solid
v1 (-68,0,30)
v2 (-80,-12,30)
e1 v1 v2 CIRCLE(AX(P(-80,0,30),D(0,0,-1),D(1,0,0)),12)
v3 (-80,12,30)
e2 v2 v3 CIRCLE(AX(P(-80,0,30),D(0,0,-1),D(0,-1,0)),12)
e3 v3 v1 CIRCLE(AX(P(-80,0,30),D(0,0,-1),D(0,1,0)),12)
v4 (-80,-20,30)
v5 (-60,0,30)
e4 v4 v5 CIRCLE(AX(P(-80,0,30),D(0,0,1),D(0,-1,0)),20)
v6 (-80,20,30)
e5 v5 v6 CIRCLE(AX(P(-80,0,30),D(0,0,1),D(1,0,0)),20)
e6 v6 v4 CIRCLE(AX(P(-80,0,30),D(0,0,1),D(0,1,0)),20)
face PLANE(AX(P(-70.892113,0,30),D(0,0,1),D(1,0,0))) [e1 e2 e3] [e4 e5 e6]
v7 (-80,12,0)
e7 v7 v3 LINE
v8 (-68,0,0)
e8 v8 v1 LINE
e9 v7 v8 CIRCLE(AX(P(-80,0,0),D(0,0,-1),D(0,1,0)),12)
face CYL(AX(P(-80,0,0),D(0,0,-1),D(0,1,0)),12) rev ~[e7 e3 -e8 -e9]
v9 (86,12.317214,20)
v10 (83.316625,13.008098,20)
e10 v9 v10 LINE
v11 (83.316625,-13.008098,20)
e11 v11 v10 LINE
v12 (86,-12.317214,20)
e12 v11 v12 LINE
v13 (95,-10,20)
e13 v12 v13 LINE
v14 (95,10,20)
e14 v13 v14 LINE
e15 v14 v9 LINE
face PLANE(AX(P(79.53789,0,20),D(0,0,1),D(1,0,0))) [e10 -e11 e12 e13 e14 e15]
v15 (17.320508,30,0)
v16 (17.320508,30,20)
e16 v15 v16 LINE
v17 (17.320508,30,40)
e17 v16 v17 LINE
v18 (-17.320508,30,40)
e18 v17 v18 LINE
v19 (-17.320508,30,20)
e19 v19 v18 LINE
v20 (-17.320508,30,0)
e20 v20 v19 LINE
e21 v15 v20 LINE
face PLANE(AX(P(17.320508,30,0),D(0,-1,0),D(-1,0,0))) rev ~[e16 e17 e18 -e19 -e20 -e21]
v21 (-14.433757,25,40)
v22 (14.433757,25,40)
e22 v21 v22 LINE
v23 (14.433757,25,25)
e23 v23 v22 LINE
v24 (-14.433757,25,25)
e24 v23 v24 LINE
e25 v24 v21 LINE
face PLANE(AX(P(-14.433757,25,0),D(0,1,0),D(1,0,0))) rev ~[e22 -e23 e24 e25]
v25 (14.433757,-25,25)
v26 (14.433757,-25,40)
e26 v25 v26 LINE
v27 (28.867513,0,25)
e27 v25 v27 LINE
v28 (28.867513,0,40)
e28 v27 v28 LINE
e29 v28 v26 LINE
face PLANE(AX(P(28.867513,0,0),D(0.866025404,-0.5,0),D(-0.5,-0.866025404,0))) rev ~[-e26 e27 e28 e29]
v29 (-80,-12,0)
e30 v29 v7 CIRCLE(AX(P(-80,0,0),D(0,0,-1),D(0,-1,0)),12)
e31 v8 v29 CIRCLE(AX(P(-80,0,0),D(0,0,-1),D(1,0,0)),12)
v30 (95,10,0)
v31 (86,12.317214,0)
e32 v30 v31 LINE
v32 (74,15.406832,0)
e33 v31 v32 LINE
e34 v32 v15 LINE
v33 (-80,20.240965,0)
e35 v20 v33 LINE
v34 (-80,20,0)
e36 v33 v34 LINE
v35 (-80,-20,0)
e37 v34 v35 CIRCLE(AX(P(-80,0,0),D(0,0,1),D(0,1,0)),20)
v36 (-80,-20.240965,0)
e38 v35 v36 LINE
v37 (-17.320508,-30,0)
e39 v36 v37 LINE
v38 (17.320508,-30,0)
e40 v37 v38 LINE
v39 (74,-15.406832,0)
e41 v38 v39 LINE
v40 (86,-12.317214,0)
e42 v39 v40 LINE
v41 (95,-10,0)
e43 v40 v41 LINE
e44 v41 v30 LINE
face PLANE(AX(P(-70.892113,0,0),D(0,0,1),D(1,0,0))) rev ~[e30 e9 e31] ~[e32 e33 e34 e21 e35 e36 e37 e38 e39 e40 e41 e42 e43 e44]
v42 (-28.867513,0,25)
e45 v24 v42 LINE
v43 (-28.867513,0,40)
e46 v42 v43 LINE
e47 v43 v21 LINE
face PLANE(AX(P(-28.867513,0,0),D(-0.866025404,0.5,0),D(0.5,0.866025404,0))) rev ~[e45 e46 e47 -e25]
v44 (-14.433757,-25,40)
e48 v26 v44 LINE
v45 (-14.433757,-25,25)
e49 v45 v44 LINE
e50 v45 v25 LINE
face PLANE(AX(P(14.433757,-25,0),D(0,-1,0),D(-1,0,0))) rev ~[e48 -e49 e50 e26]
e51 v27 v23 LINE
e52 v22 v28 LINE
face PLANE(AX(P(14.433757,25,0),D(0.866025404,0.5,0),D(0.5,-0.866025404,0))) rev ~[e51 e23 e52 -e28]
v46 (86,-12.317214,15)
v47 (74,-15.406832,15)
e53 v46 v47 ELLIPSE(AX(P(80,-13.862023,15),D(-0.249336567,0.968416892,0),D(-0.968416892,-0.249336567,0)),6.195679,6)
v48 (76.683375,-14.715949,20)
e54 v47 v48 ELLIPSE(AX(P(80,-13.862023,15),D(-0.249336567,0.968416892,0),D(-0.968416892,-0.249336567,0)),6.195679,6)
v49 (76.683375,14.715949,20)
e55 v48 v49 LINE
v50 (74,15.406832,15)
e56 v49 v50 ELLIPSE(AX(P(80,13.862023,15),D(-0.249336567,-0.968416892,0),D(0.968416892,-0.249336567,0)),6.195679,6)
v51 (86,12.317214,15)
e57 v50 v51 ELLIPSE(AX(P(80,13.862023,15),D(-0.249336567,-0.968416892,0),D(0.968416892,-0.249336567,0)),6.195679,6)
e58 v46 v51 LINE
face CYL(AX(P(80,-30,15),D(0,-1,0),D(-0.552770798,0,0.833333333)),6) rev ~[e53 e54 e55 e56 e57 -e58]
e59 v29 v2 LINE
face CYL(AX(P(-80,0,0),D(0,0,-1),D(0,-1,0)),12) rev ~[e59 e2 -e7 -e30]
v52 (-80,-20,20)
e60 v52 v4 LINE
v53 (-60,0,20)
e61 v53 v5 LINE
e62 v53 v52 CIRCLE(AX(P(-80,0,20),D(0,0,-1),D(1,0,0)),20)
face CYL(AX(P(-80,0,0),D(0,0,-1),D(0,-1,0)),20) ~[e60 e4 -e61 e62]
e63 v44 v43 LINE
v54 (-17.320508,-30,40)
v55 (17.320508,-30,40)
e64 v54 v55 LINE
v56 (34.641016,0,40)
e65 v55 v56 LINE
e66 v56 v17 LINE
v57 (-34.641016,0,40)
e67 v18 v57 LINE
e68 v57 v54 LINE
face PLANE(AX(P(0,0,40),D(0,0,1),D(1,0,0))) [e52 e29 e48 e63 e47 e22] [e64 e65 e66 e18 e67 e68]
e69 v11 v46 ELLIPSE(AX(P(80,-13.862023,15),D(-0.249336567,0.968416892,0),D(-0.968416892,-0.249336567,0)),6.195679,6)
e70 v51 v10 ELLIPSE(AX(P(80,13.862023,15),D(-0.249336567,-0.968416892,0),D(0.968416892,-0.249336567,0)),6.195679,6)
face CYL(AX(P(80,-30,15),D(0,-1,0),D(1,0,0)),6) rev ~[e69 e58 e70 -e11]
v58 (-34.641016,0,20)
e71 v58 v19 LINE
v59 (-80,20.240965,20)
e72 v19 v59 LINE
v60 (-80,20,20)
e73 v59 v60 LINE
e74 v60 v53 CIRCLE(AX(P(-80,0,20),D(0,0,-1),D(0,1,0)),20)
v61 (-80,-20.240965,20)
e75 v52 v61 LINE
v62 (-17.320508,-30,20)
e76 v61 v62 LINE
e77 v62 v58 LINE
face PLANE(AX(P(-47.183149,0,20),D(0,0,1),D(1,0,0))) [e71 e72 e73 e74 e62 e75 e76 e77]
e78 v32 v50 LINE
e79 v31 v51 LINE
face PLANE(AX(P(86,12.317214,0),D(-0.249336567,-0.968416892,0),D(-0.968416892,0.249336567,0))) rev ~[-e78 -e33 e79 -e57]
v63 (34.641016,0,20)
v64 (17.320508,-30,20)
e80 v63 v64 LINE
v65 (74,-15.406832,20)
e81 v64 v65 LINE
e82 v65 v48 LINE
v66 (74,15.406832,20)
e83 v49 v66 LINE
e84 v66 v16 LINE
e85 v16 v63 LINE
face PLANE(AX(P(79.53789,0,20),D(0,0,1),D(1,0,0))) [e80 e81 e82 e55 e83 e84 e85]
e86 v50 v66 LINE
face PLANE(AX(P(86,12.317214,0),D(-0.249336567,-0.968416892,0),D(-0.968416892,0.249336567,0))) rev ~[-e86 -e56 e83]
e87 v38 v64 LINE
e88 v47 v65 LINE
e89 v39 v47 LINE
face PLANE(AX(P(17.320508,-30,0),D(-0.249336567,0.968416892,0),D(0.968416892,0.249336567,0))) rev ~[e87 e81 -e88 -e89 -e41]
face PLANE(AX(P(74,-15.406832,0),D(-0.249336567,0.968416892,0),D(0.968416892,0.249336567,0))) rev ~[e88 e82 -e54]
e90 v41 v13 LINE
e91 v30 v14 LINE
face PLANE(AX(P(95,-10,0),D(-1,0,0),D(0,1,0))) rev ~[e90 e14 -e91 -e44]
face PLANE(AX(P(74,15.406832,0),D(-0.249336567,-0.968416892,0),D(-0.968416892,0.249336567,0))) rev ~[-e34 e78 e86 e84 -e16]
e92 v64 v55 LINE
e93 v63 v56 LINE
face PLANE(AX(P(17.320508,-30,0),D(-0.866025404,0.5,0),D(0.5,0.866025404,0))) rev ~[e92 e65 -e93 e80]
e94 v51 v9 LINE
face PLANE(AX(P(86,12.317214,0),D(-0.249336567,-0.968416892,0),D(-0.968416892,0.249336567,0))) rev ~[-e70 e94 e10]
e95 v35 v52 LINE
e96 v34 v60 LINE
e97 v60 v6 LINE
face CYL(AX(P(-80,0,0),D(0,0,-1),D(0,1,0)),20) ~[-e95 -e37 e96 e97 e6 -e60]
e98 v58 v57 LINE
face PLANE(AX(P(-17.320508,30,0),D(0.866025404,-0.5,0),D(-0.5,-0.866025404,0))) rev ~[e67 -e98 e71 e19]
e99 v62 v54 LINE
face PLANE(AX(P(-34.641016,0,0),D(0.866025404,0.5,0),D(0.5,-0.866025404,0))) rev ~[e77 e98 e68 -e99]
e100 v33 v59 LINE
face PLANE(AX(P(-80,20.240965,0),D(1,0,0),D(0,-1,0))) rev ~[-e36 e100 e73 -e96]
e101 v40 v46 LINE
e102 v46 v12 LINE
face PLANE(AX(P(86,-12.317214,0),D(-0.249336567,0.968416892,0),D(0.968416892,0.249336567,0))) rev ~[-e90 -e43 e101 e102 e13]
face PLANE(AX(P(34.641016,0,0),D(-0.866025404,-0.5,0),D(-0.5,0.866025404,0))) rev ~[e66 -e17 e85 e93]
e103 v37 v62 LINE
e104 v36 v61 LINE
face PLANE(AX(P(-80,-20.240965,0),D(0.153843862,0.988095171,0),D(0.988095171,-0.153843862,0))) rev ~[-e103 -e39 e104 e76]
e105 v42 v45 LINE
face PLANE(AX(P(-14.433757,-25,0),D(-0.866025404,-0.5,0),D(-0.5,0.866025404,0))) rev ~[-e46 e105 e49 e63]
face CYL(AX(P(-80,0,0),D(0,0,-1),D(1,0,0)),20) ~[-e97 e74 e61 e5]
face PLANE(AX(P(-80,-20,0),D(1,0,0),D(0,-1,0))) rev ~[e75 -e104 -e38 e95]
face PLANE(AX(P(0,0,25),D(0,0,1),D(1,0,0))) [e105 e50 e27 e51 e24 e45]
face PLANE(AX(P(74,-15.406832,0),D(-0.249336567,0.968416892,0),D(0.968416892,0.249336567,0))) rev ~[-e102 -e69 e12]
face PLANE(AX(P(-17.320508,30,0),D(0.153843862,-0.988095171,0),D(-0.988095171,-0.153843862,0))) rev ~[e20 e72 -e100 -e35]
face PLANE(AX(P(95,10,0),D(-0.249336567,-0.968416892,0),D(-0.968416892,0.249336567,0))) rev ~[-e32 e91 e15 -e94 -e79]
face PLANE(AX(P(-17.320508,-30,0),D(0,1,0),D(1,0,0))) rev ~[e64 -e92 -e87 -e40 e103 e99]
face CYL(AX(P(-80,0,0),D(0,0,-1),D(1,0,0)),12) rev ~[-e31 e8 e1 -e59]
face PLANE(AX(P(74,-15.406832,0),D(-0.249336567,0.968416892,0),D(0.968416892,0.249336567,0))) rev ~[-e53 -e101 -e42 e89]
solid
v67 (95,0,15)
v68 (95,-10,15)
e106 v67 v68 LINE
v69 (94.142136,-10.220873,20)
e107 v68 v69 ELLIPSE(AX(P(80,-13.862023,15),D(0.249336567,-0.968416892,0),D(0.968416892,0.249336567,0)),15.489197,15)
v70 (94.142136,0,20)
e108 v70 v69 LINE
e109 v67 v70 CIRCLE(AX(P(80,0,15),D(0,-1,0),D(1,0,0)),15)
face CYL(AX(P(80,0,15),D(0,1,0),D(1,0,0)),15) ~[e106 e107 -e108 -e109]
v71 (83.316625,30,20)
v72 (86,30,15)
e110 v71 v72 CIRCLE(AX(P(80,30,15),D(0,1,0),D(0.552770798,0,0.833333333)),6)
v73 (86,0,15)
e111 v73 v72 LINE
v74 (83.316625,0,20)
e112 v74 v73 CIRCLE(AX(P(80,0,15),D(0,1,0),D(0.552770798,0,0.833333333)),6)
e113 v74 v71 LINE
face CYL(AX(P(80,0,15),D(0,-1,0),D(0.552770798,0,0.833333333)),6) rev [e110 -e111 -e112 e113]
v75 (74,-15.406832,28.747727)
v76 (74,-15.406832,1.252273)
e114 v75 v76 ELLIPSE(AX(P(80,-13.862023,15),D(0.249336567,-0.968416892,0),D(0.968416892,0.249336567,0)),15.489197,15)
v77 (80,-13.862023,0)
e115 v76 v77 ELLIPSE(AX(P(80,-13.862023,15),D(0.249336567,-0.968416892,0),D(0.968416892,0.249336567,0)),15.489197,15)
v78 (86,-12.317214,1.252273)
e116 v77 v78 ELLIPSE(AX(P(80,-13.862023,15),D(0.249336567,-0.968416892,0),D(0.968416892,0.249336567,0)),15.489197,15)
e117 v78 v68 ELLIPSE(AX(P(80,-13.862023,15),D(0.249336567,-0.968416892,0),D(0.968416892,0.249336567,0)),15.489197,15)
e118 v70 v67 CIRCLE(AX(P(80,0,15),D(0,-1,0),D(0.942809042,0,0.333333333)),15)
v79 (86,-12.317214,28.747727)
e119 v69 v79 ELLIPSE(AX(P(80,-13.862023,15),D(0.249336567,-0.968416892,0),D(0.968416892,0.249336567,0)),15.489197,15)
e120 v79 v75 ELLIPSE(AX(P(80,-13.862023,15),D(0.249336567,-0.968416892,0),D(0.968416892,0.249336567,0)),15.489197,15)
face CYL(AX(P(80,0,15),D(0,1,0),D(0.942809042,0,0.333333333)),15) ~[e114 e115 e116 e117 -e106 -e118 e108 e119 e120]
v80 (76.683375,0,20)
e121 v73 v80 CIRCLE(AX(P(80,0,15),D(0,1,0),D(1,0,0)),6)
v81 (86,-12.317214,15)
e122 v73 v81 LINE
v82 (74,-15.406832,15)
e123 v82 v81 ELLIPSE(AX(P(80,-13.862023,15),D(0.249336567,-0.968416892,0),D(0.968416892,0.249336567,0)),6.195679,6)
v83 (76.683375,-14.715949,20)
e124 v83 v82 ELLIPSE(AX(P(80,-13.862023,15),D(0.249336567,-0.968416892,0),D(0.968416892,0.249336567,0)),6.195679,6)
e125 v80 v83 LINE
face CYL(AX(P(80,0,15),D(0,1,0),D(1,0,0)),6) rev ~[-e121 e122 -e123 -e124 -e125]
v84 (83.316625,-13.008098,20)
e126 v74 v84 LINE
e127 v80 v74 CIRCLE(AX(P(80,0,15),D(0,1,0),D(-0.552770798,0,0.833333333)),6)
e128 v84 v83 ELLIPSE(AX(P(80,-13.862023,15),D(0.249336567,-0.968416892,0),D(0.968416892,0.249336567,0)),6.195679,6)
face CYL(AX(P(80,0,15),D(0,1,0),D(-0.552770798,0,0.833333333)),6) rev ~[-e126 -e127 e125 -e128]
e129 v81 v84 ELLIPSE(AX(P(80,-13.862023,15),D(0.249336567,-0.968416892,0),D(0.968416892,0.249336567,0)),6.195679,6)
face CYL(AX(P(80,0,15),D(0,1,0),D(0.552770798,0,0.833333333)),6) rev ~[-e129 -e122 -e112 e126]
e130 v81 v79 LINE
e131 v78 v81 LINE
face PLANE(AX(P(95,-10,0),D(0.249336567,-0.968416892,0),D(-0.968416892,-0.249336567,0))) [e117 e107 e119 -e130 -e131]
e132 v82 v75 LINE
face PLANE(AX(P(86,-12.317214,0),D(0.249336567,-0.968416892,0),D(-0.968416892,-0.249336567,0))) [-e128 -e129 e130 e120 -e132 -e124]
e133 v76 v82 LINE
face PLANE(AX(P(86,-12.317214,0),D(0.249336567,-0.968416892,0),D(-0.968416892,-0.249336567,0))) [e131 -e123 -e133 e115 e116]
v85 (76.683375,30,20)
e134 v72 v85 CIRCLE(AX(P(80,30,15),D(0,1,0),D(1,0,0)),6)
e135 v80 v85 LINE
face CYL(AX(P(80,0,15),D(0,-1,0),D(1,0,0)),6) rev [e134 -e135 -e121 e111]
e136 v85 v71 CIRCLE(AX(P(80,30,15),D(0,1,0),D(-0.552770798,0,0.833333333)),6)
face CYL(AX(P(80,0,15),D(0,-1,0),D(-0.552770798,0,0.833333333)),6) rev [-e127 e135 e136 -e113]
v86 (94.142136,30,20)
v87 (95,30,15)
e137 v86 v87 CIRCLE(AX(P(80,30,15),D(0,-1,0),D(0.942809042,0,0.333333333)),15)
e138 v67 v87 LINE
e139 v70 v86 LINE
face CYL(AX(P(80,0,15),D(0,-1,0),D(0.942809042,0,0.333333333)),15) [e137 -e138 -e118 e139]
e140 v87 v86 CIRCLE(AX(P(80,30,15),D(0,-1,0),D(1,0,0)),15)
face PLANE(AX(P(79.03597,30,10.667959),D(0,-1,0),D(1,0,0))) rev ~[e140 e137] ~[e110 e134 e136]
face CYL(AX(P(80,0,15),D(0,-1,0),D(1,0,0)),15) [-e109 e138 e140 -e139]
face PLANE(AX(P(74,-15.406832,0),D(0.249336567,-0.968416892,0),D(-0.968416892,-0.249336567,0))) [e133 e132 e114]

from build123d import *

# Parameters (mm, degrees)
F1_DEPTH      = 40
F2_DEPTH      = 25
F3_DEPTH      = 20
F4_DEPTH      = 20
F5_DEPTH      = 30
F7_DEPTH      = 30
F7_DEPTH_BACK = 30
F9_DEPTH      = 70.8
F11_DEPTH     = 43.2


with BuildPart() as f1:
    # F0 (on Top) → F1 (new body)
    with BuildSketch(Plane.XY):
        Polygon((17.3205080757, 30), (-17.3205080757, 30), (-34.6410161514, 0), (-17.3205080757, -30), (0, -30), (17.3205080757, -30), (34.6410161514, 0), align=None)
        Polygon((-28.8675134595, 0), (-14.4337567297, 25), (14.4337567297, 25), (28.8675134595, 0), (14.4337567297, -25), (-14.4337567297, -25), align=None, mode=Mode.SUBTRACT)
    extrude(amount=F1_DEPTH)

    # F0 (on Top) → F2 (join)
    with BuildSketch(Plane.XY):
        Polygon((14.4337567297, 25), (-14.4337567297, 25), (-28.8675134595, 0), (-14.4337567297, -25), (14.4337567297, -25), (28.8675134595, 0), align=None)
    extrude(amount=F2_DEPTH)

    # F0 (on Top) → F3 (join)
    with BuildSketch(Plane.XY):
        Polygon((74, 15.4068324804), (17.3205080757, 30), (34.6410161514, 0), (17.3205080757, -30), (74, -15.4068324804), (74, -10), (74, 10), align=None)
        with BuildLine():
            Line((-34.6410161514, 0), (-17.3205080757, 30))
            Line((-17.3205080757, 30), (-80, 20.240965239))
            Line((-80, 20.240965239), (-80, 20))
            ThreePointArc((-80, 20), (-65.8578643763, 14.1421356237), (-60, 0))
            ThreePointArc((-60, 0), (-65.8578643763, -14.1421356237), (-80, -20))
            Line((-80, -20), (-80, -20.240965239))
            Line((-80, -20.240965239), (-17.3205080757, -30))
            Line((-17.3205080757, -30), (-34.6410161514, 0))
        make_face()
    extrude(amount=F3_DEPTH)

    # F0 (on Top) → F4 (join)
    with BuildSketch(Plane.XY):
        Polygon((86, 12.3172139202), (74, 15.4068324804), (74, 10), (74, -10), (74, -15.4068324804), (86, -12.3172139202), (86, -10), (86, 10), align=None)
        Polygon((95, 10), (86, 12.3172139202), (86, 10), (86, -10), (86, -12.3172139202), (95, -10), align=None)
    extrude(amount=F4_DEPTH)

    # F0 (on Top) → F5 (join)
    with BuildSketch(Plane.XY):
        with BuildLine():
            ThreePointArc((-60, 0), (-65.8578643763, 14.1421356237), (-80, 20))
            Line((-80, 20), (-80, 12))
            ThreePointArc((-80, 12), (-71.5147186258, 8.4852813742), (-68, 0))
            ThreePointArc((-68, 0), (-71.5147186258, -8.4852813742), (-80, -12))
            Line((-80, -12), (-80, -20))
            ThreePointArc((-80, -20), (-65.8578643763, -14.1421356237), (-60, 0))
        make_face()
        with BuildLine():
            Line((-80, 12), (-80, 20))
            ThreePointArc((-80, 20), (-100, 0), (-80, -20))
            Line((-80, -20), (-80, -12))
            ThreePointArc((-80, -12), (-92, 0), (-80, 12))
        make_face()
    extrude(amount=F5_DEPTH)

    # F8 (on face) → F9 (cut)
    with BuildSketch(Plane.XZ.offset(30)):
        with BuildLine():
            Line((83.3166247904, 20), (76.6833752096, 20))
            ThreePointArc((76.6833752096, 20), (77.1627256691, 9.7132359263), (86, 15))
            ThreePointArc((86, 15), (85.2867640737, 17.8372743309), (83.3166247904, 20))
        make_face()
    extrude(amount=-F9_DEPTH, mode=Mode.SUBTRACT)


with BuildPart() as f7:
    # F6 (on Front) → F7 (new body, two sides)
    with BuildSketch(Plane.XZ) as f7_sk:
        with BuildLine():
            ThreePointArc((65.8578643763, 20), (67.7525512861, 6.3397459622), (80, 0))
            ThreePointArc((80, 0), (90.6066017178, 4.3933982822), (95, 15))
            Line((95, 15), (86, 15))
            ThreePointArc((86, 15), (77.1627256691, 9.7132359263), (76.6833752096, 20))
            Line((76.6833752096, 20), (65.8578643763, 20))
        make_face()
        with BuildLine():
            ThreePointArc((94.1421356237, 20), (80, 30), (65.8578643763, 20))
            Line((65.8578643763, 20), (76.6833752096, 20))
            ThreePointArc((76.6833752096, 20), (80, 21), (83.3166247904, 20))
            Line((83.3166247904, 20), (94.1421356237, 20))
        make_face()
        with BuildLine():
            Line((86, 15), (95, 15))
            ThreePointArc((95, 15), (94.7839783948, 17.5365296809), (94.1421356237, 20))
            Line((94.1421356237, 20), (83.3166247904, 20))
            ThreePointArc((83.3166247904, 20), (85.2867640737, 17.8372743309), (86, 15))
        make_face()
    extrude(amount=F7_DEPTH)
    extrude(f7_sk.sketch, amount=-F7_DEPTH_BACK)

    # F0 (on Top) → F11 (cut)
    with BuildSketch(Plane.XY):
        Polygon((74, -15.4068324804), (17.3205080757, -30), (74, -30), align=None)
        Polygon((74, -15.4068324804), (74, -30), (80, -30), (86, -30), (86, -12.3172139202), align=None)
        Polygon((95, -10), (86, -12.3172139202), (86, -30), (95, -30), align=None)
    extrude(amount=F11_DEPTH, mode=Mode.SUBTRACT)


solid = Compound([f1.part, f7.part])
